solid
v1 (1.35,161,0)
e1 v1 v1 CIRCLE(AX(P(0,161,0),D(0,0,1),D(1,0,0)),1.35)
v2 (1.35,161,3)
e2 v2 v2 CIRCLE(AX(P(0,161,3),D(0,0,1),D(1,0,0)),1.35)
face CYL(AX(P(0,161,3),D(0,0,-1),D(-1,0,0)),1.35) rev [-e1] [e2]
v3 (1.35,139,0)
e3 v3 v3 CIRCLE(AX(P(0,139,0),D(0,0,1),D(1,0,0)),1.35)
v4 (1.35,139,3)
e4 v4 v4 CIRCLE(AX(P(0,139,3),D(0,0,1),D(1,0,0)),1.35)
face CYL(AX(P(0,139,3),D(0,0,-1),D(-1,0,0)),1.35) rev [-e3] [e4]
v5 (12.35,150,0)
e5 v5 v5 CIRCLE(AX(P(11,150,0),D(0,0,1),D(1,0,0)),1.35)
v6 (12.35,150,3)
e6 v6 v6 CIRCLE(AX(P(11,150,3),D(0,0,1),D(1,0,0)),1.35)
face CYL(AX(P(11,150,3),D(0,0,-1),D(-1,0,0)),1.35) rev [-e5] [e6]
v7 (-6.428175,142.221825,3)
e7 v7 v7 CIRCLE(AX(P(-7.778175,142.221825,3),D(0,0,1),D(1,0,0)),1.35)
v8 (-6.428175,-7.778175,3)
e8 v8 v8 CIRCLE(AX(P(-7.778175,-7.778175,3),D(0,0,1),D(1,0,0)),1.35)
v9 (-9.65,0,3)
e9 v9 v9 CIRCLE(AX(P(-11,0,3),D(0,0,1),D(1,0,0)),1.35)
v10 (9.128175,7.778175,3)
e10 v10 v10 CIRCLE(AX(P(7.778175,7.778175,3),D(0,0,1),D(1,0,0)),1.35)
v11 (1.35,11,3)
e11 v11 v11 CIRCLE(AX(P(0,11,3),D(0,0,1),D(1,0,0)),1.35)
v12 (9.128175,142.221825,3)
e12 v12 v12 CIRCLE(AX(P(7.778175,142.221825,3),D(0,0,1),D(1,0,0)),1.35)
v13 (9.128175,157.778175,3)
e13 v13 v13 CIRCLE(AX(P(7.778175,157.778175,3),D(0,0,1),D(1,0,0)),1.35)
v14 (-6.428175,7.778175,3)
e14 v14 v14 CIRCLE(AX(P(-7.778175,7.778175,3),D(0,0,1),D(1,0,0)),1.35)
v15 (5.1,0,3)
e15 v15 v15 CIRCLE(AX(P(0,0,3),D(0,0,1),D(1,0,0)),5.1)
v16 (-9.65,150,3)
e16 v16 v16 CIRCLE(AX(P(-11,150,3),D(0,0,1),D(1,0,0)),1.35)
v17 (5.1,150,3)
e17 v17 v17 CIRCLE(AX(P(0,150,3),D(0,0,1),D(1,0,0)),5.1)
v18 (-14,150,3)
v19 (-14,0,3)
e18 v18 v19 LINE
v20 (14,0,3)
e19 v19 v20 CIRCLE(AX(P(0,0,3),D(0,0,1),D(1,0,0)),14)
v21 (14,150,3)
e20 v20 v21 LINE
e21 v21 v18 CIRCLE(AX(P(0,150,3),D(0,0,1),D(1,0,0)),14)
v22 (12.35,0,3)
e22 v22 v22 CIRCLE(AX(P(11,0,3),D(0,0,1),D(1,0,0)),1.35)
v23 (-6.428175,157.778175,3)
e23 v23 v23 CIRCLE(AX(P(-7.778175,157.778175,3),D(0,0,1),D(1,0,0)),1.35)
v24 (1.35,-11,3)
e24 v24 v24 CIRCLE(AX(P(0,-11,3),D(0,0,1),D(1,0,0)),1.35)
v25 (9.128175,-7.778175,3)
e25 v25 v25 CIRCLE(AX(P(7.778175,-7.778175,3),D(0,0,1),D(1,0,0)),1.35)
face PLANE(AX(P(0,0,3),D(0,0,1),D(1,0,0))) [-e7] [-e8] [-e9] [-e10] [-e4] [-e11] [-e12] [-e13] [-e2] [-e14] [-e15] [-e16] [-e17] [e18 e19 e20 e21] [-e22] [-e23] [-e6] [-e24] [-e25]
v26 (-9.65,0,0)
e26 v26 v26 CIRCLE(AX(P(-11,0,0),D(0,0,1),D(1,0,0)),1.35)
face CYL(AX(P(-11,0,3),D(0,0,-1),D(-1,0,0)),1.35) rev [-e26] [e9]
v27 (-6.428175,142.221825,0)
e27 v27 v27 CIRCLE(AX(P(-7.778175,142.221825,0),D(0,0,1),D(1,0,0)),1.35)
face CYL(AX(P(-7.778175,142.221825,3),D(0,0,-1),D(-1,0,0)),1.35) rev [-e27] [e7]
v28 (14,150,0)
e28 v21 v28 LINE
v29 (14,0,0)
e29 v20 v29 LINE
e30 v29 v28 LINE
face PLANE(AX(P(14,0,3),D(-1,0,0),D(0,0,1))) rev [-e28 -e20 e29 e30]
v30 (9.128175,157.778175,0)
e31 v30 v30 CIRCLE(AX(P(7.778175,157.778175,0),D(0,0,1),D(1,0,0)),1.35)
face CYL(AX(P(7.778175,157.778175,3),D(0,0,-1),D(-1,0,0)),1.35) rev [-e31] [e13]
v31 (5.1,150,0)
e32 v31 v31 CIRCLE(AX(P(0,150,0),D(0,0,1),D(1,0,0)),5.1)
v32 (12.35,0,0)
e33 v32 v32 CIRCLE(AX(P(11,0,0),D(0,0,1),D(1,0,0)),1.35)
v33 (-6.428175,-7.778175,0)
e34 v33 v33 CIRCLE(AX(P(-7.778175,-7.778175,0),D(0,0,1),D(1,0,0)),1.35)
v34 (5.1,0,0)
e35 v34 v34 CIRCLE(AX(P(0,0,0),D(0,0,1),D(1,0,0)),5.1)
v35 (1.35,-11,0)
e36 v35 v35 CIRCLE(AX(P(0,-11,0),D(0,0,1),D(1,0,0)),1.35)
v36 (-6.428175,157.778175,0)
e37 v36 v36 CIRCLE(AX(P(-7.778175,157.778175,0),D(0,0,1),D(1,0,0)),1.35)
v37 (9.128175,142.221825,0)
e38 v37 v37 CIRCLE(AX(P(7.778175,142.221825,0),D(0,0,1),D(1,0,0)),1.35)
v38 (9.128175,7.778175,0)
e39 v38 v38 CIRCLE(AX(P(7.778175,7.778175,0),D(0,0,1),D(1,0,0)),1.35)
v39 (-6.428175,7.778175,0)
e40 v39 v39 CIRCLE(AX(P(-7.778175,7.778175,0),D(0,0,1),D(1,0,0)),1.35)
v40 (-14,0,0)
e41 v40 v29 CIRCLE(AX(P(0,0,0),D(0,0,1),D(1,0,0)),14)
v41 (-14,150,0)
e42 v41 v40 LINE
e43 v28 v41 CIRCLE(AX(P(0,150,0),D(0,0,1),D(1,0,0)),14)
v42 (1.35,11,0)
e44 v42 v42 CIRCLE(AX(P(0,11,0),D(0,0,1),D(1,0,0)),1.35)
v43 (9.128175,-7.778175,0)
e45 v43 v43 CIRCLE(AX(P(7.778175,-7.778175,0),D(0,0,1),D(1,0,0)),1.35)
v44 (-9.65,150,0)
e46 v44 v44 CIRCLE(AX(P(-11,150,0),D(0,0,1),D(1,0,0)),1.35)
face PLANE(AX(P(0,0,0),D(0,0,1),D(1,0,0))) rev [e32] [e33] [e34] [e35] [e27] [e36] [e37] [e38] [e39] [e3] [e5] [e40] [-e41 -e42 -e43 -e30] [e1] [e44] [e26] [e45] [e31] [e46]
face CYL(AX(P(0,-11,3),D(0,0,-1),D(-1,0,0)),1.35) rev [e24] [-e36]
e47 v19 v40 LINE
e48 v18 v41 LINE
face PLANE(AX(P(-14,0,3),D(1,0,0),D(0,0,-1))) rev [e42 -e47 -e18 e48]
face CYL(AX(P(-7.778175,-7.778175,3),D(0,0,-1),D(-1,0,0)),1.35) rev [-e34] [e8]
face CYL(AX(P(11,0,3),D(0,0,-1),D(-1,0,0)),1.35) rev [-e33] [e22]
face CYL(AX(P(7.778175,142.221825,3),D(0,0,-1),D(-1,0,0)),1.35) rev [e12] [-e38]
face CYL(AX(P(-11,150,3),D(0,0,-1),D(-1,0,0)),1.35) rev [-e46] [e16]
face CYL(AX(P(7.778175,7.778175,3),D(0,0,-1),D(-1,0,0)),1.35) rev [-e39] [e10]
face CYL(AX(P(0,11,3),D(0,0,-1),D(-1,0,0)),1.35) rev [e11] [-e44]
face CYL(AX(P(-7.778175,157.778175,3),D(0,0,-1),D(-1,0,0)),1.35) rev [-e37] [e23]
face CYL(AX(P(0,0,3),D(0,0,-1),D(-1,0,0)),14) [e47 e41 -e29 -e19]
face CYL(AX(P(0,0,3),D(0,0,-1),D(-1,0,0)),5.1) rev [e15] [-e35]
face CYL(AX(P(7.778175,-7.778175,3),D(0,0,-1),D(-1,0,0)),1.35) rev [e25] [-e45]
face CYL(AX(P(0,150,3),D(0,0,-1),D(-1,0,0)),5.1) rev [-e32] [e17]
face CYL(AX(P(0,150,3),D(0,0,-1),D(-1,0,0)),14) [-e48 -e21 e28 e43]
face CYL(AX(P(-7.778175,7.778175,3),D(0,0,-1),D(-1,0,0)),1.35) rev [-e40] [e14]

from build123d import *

# Parameters (mm, degrees)
SKETCH_1_R      = 1.35
SKETCH_1_R_2    = 5.1
EXTRUDE_1_DEPTH = 3


with BuildPart() as part:
    # 草图1 → 凸台-拉伸1 (new body)
    with BuildSketch(Plane.XY):
        with BuildLine():
            Line((-14, 0), (-14, 150))
            ThreePointArc((-14, 150), (0, 164), (14, 150))
            Line((14, 150), (14, 0))
            ThreePointArc((14, 0), (0, -14), (-14, 0))
        make_face()
        with Locations((0, 161)):
            Circle(SKETCH_1_R, mode=Mode.SUBTRACT)
        with Locations((7.778174593, 157.778174593)):
            Circle(SKETCH_1_R, mode=Mode.SUBTRACT)
        with Locations((11, 150)):
            Circle(SKETCH_1_R, mode=Mode.SUBTRACT)
        with Locations((7.778174593, 142.221825407)):
            Circle(SKETCH_1_R, mode=Mode.SUBTRACT)
        with Locations((0, 139)):
            Circle(SKETCH_1_R, mode=Mode.SUBTRACT)
        with Locations((-7.778174593, 142.221825407)):
            Circle(SKETCH_1_R, mode=Mode.SUBTRACT)
        with Locations((-11, 150)):
            Circle(SKETCH_1_R, mode=Mode.SUBTRACT)
        with Locations((-7.778174593, 157.778174593)):
            Circle(SKETCH_1_R, mode=Mode.SUBTRACT)
        with Locations((0, 150)):
            Circle(SKETCH_1_R_2, mode=Mode.SUBTRACT)
        Circle(SKETCH_1_R_2, mode=Mode.SUBTRACT)
        with Locations((0, -11)):
            Circle(SKETCH_1_R, mode=Mode.SUBTRACT)
        with Locations((-7.778174593, -7.778174593)):
            Circle(SKETCH_1_R, mode=Mode.SUBTRACT)
        with Locations((-11, 0)):
            Circle(SKETCH_1_R, mode=Mode.SUBTRACT)
        with Locations((-7.778174593, 7.778174593)):
            Circle(SKETCH_1_R, mode=Mode.SUBTRACT)
        with Locations((0, 11)):
            Circle(SKETCH_1_R, mode=Mode.SUBTRACT)
        with Locations((7.778174593, 7.778174593)):
            Circle(SKETCH_1_R, mode=Mode.SUBTRACT)
        with Locations((11, 0)):
            Circle(SKETCH_1_R, mode=Mode.SUBTRACT)
        with Locations((7.778174593, -7.778174593)):
            Circle(SKETCH_1_R, mode=Mode.SUBTRACT)
    extrude(amount=EXTRUDE_1_DEPTH)


solid = part.part
